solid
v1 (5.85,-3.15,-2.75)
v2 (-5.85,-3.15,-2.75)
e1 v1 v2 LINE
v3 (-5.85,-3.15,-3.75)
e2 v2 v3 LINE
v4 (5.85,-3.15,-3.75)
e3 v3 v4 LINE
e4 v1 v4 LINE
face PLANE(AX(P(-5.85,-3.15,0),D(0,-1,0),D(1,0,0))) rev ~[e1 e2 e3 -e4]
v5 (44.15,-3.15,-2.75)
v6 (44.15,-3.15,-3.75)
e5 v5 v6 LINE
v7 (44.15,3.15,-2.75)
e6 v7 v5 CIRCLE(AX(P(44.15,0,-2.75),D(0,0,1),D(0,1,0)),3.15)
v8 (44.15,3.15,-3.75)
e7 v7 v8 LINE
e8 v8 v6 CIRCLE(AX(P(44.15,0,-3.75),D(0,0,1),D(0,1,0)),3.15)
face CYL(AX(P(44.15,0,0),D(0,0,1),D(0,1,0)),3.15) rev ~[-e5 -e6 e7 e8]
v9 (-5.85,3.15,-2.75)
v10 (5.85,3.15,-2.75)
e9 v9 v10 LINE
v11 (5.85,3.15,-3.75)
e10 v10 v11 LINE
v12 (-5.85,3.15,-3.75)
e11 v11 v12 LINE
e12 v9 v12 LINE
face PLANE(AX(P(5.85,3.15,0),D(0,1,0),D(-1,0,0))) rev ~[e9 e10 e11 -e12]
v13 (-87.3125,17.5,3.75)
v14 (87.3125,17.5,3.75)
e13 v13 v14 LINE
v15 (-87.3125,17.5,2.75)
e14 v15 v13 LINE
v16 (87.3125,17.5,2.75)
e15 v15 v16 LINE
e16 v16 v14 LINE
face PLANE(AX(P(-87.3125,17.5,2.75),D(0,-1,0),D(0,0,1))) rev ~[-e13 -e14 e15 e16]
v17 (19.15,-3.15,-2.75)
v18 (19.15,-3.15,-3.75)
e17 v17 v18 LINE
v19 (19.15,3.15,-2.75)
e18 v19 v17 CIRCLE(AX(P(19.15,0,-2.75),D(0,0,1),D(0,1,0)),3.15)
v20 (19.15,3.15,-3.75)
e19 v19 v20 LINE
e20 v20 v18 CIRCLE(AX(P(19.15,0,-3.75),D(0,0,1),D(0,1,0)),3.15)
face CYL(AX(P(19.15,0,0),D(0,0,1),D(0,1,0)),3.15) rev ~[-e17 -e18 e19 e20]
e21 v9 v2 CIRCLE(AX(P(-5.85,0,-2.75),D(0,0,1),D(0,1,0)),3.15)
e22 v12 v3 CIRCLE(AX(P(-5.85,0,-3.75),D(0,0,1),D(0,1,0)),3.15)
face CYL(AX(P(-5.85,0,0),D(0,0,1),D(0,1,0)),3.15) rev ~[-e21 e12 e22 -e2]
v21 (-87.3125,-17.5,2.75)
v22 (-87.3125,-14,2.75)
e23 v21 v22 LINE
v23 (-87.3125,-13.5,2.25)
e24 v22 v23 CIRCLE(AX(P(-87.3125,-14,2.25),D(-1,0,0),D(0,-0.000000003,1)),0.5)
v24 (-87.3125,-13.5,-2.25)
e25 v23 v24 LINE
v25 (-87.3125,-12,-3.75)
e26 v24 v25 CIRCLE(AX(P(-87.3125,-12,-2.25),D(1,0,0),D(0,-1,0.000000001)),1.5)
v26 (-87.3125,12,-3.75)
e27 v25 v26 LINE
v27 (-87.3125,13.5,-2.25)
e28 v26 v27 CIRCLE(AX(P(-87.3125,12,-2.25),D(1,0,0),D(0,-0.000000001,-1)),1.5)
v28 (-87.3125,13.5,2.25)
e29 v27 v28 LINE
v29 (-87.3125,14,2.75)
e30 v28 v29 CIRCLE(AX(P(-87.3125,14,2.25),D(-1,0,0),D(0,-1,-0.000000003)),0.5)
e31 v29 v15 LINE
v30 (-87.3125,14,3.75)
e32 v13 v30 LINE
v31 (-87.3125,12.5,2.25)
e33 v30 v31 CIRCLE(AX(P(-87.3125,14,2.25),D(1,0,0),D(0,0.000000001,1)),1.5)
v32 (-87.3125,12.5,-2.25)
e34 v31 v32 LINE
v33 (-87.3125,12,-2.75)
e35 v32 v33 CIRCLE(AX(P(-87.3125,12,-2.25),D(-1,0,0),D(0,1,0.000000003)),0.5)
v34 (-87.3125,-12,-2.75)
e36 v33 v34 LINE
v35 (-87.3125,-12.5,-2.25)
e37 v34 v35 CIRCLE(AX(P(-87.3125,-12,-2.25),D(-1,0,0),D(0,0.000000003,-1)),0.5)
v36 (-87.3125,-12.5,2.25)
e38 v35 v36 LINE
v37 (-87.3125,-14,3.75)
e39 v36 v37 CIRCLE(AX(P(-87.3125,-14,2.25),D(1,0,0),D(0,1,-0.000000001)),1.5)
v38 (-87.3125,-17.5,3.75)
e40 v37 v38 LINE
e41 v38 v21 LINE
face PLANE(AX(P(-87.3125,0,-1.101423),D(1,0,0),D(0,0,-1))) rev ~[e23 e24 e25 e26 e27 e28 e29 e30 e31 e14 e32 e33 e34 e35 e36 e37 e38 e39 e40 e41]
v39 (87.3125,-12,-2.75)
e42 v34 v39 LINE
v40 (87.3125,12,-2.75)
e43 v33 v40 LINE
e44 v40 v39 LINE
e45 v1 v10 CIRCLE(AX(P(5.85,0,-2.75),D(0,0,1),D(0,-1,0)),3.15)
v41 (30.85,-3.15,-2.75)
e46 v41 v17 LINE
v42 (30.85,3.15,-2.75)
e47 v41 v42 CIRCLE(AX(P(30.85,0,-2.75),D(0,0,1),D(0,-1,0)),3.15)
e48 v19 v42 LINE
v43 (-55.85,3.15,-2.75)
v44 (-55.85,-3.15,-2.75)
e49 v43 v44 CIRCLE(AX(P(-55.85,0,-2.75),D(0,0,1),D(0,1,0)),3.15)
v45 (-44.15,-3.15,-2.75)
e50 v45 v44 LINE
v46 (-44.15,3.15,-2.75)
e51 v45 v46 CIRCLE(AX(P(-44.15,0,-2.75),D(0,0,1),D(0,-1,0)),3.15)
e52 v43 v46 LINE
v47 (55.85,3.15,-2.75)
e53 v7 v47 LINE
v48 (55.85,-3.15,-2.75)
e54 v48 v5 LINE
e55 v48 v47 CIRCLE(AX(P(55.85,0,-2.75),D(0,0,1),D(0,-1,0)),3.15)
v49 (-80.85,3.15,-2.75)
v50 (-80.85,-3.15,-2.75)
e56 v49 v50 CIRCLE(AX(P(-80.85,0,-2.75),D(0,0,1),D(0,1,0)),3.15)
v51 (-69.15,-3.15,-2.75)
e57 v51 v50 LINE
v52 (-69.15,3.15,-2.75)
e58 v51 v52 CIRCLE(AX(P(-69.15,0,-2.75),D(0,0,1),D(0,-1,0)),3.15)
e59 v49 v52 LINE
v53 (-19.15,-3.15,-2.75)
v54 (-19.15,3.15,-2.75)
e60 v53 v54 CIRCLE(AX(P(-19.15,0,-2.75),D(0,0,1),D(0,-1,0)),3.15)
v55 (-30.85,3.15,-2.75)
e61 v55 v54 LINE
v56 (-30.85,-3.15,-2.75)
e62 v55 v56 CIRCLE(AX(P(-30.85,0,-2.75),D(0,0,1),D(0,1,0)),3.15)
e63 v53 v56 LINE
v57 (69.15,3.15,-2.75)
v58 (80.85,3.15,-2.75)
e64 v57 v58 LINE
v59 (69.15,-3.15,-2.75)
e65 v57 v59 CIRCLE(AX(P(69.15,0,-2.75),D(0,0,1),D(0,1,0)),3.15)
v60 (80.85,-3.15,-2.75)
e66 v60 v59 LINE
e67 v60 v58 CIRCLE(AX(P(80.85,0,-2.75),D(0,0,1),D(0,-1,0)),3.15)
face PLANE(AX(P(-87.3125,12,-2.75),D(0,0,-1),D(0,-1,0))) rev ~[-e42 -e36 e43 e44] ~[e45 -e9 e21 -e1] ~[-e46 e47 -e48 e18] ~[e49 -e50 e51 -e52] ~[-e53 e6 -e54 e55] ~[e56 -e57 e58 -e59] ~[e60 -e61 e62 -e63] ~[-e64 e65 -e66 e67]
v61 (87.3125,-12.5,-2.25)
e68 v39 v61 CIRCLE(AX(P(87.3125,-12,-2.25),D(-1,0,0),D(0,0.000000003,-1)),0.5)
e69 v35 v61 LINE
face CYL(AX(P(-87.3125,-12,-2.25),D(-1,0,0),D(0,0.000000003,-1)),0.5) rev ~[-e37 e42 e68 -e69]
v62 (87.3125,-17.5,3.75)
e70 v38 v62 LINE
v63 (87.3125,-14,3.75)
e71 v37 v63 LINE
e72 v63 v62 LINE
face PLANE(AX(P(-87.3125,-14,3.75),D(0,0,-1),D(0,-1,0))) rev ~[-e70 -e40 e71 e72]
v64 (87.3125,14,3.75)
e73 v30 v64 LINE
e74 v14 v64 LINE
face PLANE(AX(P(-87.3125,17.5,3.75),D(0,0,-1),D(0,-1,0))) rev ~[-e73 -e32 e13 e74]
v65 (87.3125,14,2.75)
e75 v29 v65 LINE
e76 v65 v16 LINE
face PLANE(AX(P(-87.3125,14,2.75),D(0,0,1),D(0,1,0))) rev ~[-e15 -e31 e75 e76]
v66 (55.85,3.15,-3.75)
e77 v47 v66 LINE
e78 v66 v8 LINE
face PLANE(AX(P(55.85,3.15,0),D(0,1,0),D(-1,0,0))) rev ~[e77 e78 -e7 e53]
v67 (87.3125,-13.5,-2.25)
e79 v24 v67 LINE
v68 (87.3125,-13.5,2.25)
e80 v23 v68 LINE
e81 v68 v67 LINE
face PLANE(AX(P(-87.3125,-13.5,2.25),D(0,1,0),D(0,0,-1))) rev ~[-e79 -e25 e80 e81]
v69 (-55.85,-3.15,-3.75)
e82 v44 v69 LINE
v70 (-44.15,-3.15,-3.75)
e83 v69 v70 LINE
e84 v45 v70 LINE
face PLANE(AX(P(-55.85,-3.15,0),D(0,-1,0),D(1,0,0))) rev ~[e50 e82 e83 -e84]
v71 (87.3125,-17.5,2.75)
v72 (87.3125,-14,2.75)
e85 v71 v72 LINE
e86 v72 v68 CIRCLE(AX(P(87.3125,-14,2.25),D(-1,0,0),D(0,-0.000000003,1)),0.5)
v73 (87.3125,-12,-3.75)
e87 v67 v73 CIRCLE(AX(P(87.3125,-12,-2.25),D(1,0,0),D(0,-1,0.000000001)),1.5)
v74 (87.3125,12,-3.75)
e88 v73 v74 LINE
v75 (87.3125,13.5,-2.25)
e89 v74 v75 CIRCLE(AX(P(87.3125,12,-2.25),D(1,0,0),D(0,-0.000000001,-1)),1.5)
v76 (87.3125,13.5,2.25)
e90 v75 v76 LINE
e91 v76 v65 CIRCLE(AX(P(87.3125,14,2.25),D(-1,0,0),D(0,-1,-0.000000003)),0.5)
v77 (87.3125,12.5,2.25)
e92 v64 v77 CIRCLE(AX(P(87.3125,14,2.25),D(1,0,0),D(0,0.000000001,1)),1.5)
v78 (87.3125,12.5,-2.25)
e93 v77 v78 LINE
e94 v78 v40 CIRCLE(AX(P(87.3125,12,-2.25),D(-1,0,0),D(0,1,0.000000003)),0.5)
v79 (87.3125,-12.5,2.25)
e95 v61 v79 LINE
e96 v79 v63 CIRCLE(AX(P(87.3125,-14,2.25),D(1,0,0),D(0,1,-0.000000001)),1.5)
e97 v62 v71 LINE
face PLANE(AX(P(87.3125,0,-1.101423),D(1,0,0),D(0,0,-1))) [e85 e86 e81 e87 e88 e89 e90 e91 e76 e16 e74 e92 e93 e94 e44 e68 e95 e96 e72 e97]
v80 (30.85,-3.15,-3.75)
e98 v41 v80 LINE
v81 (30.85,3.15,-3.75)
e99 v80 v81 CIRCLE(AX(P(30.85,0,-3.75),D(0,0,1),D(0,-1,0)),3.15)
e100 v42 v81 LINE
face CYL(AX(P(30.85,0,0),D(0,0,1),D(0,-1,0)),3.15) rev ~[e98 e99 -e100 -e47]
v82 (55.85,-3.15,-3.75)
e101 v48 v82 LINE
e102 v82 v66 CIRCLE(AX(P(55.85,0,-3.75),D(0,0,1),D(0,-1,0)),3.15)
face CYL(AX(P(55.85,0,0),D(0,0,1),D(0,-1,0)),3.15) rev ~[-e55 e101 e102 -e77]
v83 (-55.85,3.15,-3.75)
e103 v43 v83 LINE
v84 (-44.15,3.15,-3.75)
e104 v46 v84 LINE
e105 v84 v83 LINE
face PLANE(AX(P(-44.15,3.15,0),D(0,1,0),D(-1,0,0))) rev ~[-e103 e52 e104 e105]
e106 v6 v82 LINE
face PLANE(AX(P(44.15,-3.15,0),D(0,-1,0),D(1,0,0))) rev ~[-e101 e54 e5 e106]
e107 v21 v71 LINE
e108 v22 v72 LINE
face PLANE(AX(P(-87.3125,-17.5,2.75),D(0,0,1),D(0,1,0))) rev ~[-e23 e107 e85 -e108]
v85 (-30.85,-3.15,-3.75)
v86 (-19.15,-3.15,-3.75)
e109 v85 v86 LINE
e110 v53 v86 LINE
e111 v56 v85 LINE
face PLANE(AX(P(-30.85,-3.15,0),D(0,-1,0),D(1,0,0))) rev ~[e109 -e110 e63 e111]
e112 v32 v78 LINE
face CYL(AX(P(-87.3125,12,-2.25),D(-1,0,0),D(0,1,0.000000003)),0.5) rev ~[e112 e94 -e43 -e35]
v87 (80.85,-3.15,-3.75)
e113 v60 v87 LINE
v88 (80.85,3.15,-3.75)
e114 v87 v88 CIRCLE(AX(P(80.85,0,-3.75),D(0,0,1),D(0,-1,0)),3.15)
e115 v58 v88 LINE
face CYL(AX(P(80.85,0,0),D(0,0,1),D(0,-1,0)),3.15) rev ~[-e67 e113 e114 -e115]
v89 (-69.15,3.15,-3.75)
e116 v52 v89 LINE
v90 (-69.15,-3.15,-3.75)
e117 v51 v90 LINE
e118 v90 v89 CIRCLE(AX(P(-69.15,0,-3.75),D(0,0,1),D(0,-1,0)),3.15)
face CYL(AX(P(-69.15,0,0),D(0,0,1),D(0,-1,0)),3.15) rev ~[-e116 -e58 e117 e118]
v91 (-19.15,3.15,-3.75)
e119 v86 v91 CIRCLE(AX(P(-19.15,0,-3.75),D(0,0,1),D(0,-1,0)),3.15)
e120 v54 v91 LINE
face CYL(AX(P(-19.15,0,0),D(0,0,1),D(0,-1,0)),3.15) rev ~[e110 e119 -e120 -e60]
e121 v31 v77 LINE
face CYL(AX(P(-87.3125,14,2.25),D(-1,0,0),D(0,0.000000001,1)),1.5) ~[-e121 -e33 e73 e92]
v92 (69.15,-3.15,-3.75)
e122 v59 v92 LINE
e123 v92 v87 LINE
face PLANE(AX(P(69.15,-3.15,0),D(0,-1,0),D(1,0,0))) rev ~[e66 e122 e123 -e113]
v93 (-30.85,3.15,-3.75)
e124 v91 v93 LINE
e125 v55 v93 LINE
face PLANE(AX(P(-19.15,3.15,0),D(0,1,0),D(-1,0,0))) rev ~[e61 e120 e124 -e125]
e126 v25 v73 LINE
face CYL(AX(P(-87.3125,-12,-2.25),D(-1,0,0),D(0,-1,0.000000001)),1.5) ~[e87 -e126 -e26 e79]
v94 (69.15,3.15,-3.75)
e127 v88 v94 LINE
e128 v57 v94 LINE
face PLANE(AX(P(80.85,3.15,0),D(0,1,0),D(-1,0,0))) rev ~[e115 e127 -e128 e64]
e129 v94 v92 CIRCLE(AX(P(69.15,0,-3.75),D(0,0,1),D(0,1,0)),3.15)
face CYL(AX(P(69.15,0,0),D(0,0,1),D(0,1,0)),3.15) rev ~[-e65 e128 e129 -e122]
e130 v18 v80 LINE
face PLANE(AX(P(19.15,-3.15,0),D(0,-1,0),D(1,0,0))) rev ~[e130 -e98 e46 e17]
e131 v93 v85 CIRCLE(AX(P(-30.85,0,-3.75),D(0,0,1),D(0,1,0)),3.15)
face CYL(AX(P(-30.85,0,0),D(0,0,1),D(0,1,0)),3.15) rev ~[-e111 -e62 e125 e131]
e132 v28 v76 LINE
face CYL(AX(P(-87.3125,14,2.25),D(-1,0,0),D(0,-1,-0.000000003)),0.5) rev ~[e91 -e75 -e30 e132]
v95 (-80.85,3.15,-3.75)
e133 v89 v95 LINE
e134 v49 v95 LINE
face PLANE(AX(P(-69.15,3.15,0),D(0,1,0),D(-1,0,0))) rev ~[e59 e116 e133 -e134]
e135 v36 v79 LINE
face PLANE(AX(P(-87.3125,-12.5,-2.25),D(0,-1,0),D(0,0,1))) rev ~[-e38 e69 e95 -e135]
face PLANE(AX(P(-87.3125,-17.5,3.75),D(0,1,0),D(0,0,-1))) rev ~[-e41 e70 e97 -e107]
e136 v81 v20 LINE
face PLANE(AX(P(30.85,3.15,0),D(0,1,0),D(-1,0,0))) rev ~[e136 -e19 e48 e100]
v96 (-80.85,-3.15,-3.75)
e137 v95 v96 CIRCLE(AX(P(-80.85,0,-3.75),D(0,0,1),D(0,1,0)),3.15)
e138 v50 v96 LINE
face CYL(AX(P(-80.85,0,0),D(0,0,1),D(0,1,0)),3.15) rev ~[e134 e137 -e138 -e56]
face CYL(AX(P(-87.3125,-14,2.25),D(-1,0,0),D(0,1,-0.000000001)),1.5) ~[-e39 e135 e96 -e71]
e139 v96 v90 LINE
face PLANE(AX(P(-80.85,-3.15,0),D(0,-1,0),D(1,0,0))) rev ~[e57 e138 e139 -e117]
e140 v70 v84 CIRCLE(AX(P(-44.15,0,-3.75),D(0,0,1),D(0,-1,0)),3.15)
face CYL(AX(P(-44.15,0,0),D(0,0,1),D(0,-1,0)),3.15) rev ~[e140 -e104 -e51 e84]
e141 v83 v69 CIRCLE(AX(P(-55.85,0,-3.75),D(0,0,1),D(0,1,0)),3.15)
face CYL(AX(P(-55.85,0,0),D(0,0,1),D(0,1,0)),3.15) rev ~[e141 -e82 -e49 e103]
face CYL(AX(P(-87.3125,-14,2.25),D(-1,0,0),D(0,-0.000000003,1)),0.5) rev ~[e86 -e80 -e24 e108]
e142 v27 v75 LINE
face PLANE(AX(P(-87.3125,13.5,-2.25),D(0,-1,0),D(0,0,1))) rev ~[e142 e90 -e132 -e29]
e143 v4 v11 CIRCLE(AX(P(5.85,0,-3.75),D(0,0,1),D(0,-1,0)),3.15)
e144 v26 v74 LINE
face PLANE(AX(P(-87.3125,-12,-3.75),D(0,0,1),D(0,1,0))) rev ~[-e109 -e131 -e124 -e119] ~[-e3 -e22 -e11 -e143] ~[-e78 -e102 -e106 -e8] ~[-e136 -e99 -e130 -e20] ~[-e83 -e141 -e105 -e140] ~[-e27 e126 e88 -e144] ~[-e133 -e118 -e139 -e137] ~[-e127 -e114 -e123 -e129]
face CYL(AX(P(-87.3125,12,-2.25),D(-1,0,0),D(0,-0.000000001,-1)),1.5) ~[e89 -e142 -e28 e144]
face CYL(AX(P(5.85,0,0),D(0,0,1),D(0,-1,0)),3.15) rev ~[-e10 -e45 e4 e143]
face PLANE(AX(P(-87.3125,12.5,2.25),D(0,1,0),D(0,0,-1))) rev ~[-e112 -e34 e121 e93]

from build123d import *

# Parameters (mm, degrees)
EXTRUDE_THIN1_DEPTH      = 87.3125
EXTRUDE_THIN1_DEPTH_BACK = 87.3125
CUT_EXTRUDE1_DEPTH       = 90.127914574
LPATTERN1_COUNT          = 4
LPATTERN1_PITCH          = 25
LPATTERN1_COL_COUNT      = 4
LPATTERN1_COL_PITCH      = 25


with BuildPart() as part:
    # Sketch3 → Extrude-Thin1 (new, two sides: drawn at the far end of the back side and taken through both)
    with BuildSketch(Plane(origin=(0, 0, 0), x_dir=(0, 0, -1), z_dir=(1, 0, 0)).offset(-EXTRUDE_THIN1_DEPTH_BACK)):
        with BuildLine():
            Line((-2.75, -17.5), (-2.75, -14))
            ThreePointArc((-2.75, -14), (-2.603553391, -13.646446609), (-2.25, -13.5))
            Line((-2.25, -13.5), (2.25, -13.5))
            ThreePointArc((2.25, -13.5), (3.310660172, -13.060660172), (3.75, -12))
            Line((3.75, -12), (3.75, 12))
            ThreePointArc((3.75, 12), (3.310660172, 13.060660172), (2.25, 13.5))
            Line((2.25, 13.5), (-2.25, 13.5))
            ThreePointArc((-2.25, 13.5), (-2.603553391, 13.646446609), (-2.75, 14))
            Line((-2.75, 14), (-2.75, 17.5))
            Line((-2.75, 17.5), (-3.75, 17.5))
            Line((-3.75, 17.5), (-3.75, 14))
            ThreePointArc((-3.75, 14), (-3.310660172, 12.939339828), (-2.25, 12.5))
            Line((-2.25, 12.5), (2.25, 12.5))
            ThreePointArc((2.25, 12.5), (2.603553391, 12.353553391), (2.75, 12))
            Line((2.75, 12), (2.75, -12))
            ThreePointArc((2.75, -12), (2.603553391, -12.353553391), (2.25, -12.5))
            Line((2.25, -12.5), (-2.25, -12.5))
            ThreePointArc((-2.25, -12.5), (-3.310660172, -12.939339828), (-3.75, -14))
            Line((-3.75, -14), (-3.75, -17.5))
            Line((-3.75, -17.5), (-2.75, -17.5))
        make_face()
    extrude(amount=EXTRUDE_THIN1_DEPTH + EXTRUDE_THIN1_DEPTH_BACK)

    # Sketch4 → Cut-Extrude1 (cut, through all)
    with BuildSketch(Plane.XY):
        with BuildLine():
            Line((-5.85, -3.15), (5.85, -3.15))
            ThreePointArc((5.85, -3.15), (9, 0), (5.85, 3.15))
            Line((5.85, 3.15), (-5.85, 3.15))
            ThreePointArc((-5.85, 3.15), (-9, 0), (-5.85, -3.15))
        make_face()
    cut_extrude1 = extrude(amount=-CUT_EXTRUDE1_DEPTH, mode=Mode.SUBTRACT)

    # LPattern1: Cut-Extrude1 ×4
    with Locations(*[(i * LPATTERN1_PITCH, 0, 0) for i in range(1, LPATTERN1_COUNT)]):
        add(cut_extrude1, mode=Mode.SUBTRACT)

    # LPattern1 col: Cut-Extrude1 ×4
    with Locations(*[(-i * LPATTERN1_COL_PITCH, 0, 0) for i in range(1, LPATTERN1_COL_COUNT)]):
        add(cut_extrude1, mode=Mode.SUBTRACT)


solid = part.part
